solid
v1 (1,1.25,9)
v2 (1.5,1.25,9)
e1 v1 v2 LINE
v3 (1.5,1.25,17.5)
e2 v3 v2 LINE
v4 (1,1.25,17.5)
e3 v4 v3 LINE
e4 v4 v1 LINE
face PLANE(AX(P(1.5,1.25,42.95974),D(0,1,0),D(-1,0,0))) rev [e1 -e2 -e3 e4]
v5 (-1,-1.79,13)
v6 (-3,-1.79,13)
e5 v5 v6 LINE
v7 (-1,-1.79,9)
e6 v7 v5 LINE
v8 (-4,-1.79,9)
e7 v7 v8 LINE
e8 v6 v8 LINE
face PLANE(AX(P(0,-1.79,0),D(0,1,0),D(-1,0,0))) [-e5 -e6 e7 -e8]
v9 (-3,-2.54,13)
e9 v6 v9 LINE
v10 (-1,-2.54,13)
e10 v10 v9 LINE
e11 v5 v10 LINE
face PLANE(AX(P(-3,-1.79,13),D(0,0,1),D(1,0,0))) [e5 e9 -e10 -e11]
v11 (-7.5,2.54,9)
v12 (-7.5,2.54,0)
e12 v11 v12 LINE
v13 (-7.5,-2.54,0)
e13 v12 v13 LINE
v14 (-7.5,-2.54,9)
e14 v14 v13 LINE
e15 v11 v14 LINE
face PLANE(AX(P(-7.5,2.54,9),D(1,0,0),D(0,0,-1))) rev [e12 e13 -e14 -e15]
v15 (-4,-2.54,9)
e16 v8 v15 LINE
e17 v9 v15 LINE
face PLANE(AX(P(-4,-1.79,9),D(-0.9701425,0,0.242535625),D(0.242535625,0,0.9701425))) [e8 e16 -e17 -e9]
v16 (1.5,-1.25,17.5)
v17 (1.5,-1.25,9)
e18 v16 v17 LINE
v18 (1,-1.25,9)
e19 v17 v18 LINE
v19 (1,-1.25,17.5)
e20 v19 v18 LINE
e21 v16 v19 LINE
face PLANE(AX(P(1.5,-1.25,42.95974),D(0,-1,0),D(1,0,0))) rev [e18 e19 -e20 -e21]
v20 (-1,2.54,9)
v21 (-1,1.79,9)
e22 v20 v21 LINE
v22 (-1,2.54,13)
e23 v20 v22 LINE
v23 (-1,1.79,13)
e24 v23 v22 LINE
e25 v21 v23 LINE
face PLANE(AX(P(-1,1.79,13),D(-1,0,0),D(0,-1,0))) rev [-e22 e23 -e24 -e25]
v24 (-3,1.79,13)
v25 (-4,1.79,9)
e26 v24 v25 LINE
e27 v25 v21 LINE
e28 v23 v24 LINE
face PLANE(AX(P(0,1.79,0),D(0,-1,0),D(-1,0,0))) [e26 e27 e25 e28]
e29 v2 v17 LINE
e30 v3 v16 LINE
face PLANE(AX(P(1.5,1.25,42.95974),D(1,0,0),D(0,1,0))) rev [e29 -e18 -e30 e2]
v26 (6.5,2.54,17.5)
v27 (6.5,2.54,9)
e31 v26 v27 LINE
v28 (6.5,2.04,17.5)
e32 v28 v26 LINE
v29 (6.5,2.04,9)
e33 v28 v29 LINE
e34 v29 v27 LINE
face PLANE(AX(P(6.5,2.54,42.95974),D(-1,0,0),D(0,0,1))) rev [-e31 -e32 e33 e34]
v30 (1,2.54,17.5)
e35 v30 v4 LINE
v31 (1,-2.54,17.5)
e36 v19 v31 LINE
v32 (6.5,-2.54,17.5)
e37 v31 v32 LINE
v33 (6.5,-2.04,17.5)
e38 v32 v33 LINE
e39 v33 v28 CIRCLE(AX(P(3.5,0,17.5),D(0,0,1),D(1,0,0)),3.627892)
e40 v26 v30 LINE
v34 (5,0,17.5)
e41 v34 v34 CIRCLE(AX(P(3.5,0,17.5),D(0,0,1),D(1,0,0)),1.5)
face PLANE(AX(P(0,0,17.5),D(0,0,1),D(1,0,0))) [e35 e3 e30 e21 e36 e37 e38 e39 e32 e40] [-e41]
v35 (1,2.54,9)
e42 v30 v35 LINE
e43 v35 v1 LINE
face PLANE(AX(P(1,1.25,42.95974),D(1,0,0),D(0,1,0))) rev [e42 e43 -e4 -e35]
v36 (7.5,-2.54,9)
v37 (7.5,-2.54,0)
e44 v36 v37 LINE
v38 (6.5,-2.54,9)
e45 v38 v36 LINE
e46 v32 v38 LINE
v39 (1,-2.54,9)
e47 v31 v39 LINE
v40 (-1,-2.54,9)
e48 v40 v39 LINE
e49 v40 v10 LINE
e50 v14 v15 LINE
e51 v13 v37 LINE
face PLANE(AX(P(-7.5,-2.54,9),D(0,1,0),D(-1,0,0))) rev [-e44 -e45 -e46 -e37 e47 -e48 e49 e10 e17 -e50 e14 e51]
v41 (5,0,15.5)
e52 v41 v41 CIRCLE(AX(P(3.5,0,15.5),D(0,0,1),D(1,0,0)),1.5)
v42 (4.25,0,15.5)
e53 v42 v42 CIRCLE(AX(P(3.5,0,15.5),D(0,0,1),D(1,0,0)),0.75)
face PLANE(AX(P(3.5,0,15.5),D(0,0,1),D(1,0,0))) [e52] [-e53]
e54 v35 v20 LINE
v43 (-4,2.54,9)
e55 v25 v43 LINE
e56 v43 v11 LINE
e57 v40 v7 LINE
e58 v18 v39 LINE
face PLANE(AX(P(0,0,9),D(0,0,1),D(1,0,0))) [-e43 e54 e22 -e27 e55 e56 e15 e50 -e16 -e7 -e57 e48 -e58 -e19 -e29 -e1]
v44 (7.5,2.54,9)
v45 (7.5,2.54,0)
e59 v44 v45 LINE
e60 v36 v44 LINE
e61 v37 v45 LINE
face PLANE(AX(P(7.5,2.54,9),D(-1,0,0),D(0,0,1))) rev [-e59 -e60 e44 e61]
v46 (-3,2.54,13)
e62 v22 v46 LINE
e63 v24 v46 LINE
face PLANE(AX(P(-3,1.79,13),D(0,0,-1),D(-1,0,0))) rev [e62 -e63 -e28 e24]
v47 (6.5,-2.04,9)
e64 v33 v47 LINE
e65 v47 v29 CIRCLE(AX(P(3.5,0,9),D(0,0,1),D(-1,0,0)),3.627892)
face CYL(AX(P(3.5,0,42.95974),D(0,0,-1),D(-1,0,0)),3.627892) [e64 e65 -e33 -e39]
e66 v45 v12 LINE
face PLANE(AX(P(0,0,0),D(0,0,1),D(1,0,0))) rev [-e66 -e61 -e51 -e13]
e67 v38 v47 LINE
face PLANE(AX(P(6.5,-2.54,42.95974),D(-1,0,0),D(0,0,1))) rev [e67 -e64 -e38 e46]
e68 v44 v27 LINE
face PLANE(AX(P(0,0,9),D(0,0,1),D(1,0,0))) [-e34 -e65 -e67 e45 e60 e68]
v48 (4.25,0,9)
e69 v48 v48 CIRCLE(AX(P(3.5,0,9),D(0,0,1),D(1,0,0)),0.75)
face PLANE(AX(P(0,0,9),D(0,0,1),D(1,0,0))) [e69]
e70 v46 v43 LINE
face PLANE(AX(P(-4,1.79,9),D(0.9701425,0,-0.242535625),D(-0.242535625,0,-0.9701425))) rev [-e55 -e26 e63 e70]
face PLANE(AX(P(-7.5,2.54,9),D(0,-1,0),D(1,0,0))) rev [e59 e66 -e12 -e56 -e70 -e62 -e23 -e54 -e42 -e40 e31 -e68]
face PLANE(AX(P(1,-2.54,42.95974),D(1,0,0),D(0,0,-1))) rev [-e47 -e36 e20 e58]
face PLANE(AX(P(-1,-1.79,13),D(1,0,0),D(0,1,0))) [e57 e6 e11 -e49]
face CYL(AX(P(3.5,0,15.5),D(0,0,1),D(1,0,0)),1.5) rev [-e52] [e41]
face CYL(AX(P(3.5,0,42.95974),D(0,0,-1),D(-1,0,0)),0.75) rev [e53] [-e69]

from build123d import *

# Parameters (mm, degrees)
SKETCH_1_W          = 15
SKETCH_1_H          = 5.08
EXTRUDE_1_DEPTH     = 9
SKETCH_2_R          = 0.75
EXTRUDE_2_DEPTH     = 8.5
SKETCH_3_R          = 1.5
CUT_EXTRUDE_1_DEPTH = 2
EXTRUDE_3_DEPTH     = 0.75


with BuildPart() as part:
    # 草图1 → 凸台-拉伸1 (new body)
    with BuildSketch(Plane.XY):
        Rectangle(SKETCH_1_W, SKETCH_1_H)
    extrude(amount=EXTRUDE_1_DEPTH)

    # 草图2 → 凸台-拉伸2 (add)
    with BuildSketch(Plane.XY.offset(9)):
        with BuildLine():
            Line((6.5, -2.54), (6.5, -2.04))
            ThreePointArc((6.5, -2.04), (7.12789195, 0), (6.5, 2.04))
            Line((6.5, 2.04), (6.5, 2.54))
            Line((6.5, 2.54), (1, 2.54))
            Line((1, 2.54), (1, 1.25))
            Line((1, 1.25), (1.5, 1.25))
            Line((1.5, 1.25), (1.5, -1.25))
            Line((1.5, -1.25), (1, -1.25))
            Line((1, -1.25), (1, -2.54))
            Line((1, -2.54), (6.5, -2.54))
        make_face()
        with Locations((3.5, 0)):
            Circle(SKETCH_2_R, mode=Mode.SUBTRACT)
    extrude(amount=EXTRUDE_2_DEPTH)

    # 草图3 → 切除-拉伸1 (cut)
    with BuildSketch(Plane.XY.offset(17.5)):
        with Locations((3.5, 0)):
            Circle(SKETCH_3_R)
    extrude(amount=-CUT_EXTRUDE_1_DEPTH, mode=Mode.SUBTRACT)

    # 草图4 → 凸台-拉伸3 (add)
    with BuildSketch(Plane.XZ.offset(2.54)):
        Polygon((-4, 9), (-4, 8.307126737), (-1, 8.307126737), (-1, 9), (-1, 13), (-3, 13), align=None)
    extrude_3 = extrude(amount=-EXTRUDE_3_DEPTH)

    # 镜向1: 凸台-拉伸3 across plane
    add(extrude_3.mirror(Plane.ZX))


solid = part.part
